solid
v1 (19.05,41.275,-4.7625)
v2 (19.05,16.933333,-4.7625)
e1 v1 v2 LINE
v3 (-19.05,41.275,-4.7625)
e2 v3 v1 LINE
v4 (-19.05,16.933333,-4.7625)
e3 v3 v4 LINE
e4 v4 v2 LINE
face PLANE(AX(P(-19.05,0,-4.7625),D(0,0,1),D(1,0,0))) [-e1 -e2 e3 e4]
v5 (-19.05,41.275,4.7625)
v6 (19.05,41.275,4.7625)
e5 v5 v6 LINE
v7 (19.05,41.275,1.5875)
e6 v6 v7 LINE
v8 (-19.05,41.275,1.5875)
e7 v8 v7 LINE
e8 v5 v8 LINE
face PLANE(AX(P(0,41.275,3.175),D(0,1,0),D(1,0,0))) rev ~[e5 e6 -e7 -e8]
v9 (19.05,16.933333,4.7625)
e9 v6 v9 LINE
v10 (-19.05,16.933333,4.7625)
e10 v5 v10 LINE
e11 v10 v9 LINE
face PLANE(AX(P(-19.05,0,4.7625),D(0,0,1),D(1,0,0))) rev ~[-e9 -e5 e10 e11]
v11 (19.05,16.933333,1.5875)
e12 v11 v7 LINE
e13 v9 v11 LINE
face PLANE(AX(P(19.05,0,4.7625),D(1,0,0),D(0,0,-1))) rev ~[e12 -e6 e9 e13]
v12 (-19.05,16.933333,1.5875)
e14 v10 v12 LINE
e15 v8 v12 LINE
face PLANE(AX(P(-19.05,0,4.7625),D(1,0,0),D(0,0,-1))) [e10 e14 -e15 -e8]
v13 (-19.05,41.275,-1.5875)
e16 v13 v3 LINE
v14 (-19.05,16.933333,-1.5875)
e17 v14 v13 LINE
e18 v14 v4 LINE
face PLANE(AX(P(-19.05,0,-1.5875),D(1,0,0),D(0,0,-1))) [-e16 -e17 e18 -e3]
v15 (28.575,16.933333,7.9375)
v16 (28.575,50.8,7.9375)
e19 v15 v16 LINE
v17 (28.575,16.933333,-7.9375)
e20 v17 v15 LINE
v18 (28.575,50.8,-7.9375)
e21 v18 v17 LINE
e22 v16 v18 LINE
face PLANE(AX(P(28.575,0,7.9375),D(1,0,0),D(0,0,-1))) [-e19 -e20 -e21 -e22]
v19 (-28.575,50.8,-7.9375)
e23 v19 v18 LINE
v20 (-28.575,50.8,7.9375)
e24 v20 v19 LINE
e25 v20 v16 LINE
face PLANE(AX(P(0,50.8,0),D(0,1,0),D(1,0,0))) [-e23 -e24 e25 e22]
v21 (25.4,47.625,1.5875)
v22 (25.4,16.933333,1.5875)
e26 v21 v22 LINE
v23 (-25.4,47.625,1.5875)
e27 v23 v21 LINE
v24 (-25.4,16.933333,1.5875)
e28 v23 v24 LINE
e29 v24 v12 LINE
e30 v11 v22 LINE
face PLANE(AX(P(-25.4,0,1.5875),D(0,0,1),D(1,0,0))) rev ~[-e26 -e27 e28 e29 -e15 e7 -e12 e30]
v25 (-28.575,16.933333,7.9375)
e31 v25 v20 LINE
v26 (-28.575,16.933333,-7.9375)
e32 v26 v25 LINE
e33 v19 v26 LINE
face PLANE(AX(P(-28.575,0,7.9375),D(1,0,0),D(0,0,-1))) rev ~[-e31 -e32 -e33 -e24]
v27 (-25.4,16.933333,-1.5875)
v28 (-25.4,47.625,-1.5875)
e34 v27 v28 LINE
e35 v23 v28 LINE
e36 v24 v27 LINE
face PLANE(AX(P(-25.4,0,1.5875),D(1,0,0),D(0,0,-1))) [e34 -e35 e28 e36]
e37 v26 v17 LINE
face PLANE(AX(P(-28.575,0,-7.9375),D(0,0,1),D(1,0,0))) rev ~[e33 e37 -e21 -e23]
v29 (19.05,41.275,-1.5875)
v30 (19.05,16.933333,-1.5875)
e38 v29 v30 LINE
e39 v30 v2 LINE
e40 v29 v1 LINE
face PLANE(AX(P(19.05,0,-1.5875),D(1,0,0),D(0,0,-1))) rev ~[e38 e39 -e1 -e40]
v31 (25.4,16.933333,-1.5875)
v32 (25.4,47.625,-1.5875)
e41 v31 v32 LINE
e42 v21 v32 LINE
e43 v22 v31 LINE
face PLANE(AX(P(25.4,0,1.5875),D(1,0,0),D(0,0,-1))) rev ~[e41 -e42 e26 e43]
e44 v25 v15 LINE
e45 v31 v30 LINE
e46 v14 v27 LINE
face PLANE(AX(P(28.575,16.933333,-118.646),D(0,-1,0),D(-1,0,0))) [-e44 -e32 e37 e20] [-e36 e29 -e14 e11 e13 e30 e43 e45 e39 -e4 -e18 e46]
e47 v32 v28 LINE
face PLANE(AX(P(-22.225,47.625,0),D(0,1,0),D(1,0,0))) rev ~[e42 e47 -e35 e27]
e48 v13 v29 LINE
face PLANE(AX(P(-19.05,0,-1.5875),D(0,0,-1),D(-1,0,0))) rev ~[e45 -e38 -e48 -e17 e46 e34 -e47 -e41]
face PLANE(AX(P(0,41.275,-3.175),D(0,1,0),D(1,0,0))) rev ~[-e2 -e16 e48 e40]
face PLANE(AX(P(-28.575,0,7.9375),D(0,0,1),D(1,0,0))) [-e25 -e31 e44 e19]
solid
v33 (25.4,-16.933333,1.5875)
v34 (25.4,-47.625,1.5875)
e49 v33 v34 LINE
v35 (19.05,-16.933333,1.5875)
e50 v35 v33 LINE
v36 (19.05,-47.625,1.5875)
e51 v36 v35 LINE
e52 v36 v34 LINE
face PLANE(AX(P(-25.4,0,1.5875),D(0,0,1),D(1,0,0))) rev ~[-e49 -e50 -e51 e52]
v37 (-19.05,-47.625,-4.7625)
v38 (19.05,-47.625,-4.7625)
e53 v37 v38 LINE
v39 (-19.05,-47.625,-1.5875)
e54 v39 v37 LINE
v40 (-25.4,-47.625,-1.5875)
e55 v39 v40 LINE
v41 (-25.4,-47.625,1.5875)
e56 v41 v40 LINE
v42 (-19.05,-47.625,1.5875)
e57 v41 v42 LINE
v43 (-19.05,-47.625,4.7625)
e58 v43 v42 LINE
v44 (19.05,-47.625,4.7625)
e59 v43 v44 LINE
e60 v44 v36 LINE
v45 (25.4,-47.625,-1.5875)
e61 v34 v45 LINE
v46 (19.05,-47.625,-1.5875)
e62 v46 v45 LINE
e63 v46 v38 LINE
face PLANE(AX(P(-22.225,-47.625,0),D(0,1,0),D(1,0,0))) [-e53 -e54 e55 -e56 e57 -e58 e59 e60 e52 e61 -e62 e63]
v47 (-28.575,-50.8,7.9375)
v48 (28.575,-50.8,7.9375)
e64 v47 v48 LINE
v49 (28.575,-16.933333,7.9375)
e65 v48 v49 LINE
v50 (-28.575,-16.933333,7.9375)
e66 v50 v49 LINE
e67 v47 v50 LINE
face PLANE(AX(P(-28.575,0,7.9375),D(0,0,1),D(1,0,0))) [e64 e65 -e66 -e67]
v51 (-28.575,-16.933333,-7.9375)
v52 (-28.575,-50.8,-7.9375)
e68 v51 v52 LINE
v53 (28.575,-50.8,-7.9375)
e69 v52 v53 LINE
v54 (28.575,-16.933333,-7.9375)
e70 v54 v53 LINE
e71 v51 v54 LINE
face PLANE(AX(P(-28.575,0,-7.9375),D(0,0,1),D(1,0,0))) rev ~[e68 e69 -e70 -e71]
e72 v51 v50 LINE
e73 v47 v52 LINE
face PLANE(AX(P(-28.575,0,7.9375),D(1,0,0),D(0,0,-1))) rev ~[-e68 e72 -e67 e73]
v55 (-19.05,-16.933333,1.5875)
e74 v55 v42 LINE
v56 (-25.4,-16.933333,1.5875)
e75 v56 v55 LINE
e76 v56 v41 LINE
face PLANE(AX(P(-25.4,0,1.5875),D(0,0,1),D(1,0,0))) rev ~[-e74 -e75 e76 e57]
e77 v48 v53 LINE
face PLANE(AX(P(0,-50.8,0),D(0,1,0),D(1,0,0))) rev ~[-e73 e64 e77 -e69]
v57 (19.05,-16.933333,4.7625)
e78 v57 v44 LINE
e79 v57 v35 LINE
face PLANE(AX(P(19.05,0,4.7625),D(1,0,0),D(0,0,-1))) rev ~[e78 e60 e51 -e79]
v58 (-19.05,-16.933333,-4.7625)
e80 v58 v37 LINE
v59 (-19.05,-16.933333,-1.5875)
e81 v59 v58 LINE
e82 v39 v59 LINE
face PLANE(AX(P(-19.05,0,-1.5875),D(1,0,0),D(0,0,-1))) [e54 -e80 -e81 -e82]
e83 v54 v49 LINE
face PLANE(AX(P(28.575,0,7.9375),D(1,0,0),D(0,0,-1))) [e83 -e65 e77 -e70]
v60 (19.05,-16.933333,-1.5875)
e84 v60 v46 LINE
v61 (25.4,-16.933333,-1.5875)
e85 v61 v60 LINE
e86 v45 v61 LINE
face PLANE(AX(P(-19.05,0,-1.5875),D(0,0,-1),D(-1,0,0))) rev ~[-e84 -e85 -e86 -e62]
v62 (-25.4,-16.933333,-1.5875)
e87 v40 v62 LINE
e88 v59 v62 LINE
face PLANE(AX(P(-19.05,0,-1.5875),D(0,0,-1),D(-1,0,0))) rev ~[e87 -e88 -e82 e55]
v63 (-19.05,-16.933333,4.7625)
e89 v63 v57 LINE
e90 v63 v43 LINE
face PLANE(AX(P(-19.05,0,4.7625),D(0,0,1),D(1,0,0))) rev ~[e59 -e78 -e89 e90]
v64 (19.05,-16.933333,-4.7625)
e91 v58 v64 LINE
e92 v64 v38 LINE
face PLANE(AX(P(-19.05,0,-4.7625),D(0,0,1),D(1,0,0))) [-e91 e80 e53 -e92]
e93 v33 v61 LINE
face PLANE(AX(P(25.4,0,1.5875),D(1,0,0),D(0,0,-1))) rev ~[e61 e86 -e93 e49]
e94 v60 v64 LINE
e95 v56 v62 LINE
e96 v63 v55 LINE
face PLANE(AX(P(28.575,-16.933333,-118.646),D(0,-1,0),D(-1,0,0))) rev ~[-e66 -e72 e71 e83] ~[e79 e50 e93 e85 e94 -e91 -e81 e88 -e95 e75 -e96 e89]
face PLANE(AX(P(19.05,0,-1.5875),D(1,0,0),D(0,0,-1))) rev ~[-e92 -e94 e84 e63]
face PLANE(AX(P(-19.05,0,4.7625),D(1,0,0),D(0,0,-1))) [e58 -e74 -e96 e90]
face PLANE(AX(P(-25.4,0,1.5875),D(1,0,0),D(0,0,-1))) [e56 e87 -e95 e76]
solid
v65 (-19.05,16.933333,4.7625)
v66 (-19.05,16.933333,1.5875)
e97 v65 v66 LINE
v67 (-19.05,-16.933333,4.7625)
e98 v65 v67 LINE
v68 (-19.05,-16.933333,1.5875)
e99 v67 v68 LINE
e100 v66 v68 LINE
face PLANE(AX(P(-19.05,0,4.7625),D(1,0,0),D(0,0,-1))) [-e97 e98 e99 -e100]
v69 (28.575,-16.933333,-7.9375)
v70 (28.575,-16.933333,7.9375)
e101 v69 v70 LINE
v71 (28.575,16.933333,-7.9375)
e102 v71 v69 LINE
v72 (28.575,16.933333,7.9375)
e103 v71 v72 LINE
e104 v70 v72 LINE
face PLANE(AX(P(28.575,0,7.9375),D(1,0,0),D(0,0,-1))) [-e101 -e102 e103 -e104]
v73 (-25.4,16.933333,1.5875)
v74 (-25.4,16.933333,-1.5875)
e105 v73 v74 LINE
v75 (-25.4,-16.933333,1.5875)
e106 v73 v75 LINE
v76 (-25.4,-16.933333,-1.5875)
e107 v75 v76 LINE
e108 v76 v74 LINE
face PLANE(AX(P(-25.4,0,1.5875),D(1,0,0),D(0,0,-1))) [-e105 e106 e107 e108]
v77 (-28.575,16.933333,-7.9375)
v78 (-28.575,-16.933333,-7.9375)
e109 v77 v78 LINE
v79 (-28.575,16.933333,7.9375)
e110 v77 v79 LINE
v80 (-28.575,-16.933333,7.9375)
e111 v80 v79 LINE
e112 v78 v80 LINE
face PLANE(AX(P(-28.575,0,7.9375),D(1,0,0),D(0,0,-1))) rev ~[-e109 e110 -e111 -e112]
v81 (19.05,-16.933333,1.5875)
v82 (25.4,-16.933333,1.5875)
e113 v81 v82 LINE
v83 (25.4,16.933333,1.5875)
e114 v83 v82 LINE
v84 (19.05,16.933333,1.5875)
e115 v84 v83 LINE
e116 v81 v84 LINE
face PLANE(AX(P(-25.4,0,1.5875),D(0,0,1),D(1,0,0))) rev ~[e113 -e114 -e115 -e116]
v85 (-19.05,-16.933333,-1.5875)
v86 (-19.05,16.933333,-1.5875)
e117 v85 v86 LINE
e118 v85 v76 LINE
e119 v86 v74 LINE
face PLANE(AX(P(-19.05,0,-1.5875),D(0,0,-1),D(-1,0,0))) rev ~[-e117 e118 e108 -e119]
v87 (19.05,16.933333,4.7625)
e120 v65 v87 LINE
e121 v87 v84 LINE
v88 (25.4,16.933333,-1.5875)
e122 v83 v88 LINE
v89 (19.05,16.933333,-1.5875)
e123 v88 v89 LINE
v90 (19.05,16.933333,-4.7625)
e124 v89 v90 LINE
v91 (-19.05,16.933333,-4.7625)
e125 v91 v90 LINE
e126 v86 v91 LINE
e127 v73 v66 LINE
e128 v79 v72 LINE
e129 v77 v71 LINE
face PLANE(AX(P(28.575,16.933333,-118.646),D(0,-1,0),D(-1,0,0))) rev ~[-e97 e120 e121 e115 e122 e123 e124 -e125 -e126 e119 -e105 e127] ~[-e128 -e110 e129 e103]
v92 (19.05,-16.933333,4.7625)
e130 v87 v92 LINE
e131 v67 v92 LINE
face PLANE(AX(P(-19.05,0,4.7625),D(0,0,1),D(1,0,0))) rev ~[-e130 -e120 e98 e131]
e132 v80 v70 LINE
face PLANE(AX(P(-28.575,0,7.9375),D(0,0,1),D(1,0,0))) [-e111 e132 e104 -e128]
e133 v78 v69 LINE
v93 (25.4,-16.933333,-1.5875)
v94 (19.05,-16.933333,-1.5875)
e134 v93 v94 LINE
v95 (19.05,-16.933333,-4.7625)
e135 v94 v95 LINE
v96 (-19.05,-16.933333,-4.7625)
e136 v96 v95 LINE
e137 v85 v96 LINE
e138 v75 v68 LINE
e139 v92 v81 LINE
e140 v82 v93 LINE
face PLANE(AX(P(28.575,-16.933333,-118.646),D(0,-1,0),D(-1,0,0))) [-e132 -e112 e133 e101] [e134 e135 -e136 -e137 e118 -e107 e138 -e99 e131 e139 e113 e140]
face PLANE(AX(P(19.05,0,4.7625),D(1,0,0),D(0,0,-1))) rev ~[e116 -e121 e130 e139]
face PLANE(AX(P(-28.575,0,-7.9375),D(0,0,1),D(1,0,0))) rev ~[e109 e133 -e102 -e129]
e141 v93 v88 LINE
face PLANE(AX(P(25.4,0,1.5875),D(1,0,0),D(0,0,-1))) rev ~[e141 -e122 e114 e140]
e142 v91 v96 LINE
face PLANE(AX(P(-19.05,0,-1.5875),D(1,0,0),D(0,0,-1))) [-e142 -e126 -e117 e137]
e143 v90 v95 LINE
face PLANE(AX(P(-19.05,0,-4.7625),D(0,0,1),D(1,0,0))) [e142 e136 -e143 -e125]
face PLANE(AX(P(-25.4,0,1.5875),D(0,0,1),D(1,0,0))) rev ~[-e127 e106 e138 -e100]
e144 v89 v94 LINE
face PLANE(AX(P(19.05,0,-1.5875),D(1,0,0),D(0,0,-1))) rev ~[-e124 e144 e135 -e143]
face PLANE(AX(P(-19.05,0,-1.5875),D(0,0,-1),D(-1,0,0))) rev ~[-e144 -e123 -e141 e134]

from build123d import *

# Parameters (mm, degrees)
SKETCH1_W                = 57.15
SKETCH1_H                = 15.875
BOSS_EXTRUDE1_DEPTH      = 50.8
SKETCH2_W                = 6.35
SKETCH2_H                = 3.175
SKETCH2_W_2              = 38.1
CUT_EXTRUDE1_DEPTH       = 47.625
SKETCH2_3_W              = 6.35
SKETCH2_3_H              = 3.175
SKETCH2_3_W_2            = 38.1
CUT_EXTRUDE2_DEPTH       = 47.625
SKETCH2_4_W              = 38.1
SKETCH2_4_H              = 3.175
CUT_EXTRUDE3_DEPTH       = 41.275
SPLIT3_SURFACE_1_1_BACK  = 118.646
SPLIT3_SURFACE_1_1_DEPTH = 237.292
SPLIT3_SURFACE_1_2_BACK  = 118.646
SPLIT3_SURFACE_1_2_DEPTH = 237.292
SPLIT3_SURFACE_2_3_BACK  = 118.646
SPLIT3_SURFACE_2_3_DEPTH = 237.292
SPLIT3_SURFACE_2_4_BACK  = 118.646
SPLIT3_SURFACE_2_4_DEPTH = 237.292


with BuildPart() as part:
    # Sketch1 → Boss-Extrude1 (new, symmetric)
    with BuildSketch(Plane(origin=(0, 0, 0), x_dir=(1, 0, 0), z_dir=(0, 1, 0))):
        Rectangle(SKETCH1_W, SKETCH1_H)
    extrude(amount=BOSS_EXTRUDE1_DEPTH, both=True)

    # Sketch2 → Cut-Extrude1 (cut)
    with BuildSketch(Plane(origin=(0, 0, 0), x_dir=(1, 0, 0), z_dir=(0, 1, 0))):
        with Locations((-22.225, 0)):
            Rectangle(SKETCH2_W, SKETCH2_H)
        Rectangle(SKETCH2_W_2, SKETCH2_H)
        with Locations((0, 3.175)):
            Rectangle(SKETCH2_W_2, SKETCH2_H)
        with Locations((0, -3.175)):
            Rectangle(SKETCH2_W_2, SKETCH2_H)
        with Locations((22.225, 0)):
            Rectangle(SKETCH2_W, SKETCH2_H)
    extrude(amount=-CUT_EXTRUDE1_DEPTH, mode=Mode.SUBTRACT)

    # Sketch2<3> → Cut-Extrude2 (cut)
    with BuildSketch(Plane(origin=(0, 0, 0), x_dir=(1, 0, 0), z_dir=(0, 1, 0))):
        with Locations((-22.225, 0)):
            Rectangle(SKETCH2_3_W, SKETCH2_3_H)
        Rectangle(SKETCH2_3_W_2, SKETCH2_3_H)
        with Locations((22.225, 0)):
            Rectangle(SKETCH2_3_W, SKETCH2_3_H)
    extrude(amount=CUT_EXTRUDE2_DEPTH, mode=Mode.SUBTRACT)

    # Sketch2<4> → Cut-Extrude3 (cut)
    with BuildSketch(Plane(origin=(0, 0, 0), x_dir=(1, 0, 0), z_dir=(0, 1, 0))):
        with Locations((0, -3.175)):
            Rectangle(SKETCH2_4_W, SKETCH2_4_H)
        with Locations((0, 3.175)):
            Rectangle(SKETCH2_4_W, SKETCH2_4_H)
    extrude(amount=CUT_EXTRUDE3_DEPTH, mode=Mode.SUBTRACT)


with BuildPart() as body_2:
    # Split3: the piece behind the surface
    add(part.part)
    # Split3 surface 1: a surface, the sketch's curves swept straight by 237.292 mm
    with BuildLine(Plane.XY.offset(-SPLIT3_SURFACE_1_1_BACK), mode=Mode.PRIVATE) as split3_surface_1_1_path:
        Line((28.575, 16.933333333), (-28.575, 16.933333333))
    split3_surface_1_1 = Shell.extrude(split3_surface_1_1_path.wire(), (0 * SPLIT3_SURFACE_1_1_DEPTH, 0 * SPLIT3_SURFACE_1_1_DEPTH, 1 * SPLIT3_SURFACE_1_1_DEPTH))
    split(bisect_by=split3_surface_1_1, keep=Keep.BOTTOM)


with BuildPart() as part_1:
    add(part.part)

    # Split3: split by a surface, the side it looks to stays
    # Split3 surface 1: a surface, the sketch's curves swept straight by 237.292 mm
    with BuildLine(Plane.XY.offset(-SPLIT3_SURFACE_1_2_BACK), mode=Mode.PRIVATE) as split3_surface_1_2_path:
        Line((28.575, 16.933333333), (-28.575, 16.933333333))
    split3_surface_1_2 = Shell.extrude(split3_surface_1_2_path.wire(), (0 * SPLIT3_SURFACE_1_2_DEPTH, 0 * SPLIT3_SURFACE_1_2_DEPTH, 1 * SPLIT3_SURFACE_1_2_DEPTH))
    split(bisect_by=split3_surface_1_2, keep=Keep.TOP)


with BuildPart() as body_3:
    # Split3 2: the piece behind the surface
    add(part_1.part)
    # Split3 surface 2: a surface, the sketch's curves swept straight by 237.292 mm
    with BuildLine(Plane.XY.offset(-SPLIT3_SURFACE_2_3_BACK), mode=Mode.PRIVATE) as split3_surface_2_3_path:
        Line((28.575, -16.933333333), (-28.575, -16.933333333))
    split3_surface_2_3 = Shell.extrude(split3_surface_2_3_path.wire(), (0 * SPLIT3_SURFACE_2_3_DEPTH, 0 * SPLIT3_SURFACE_2_3_DEPTH, 1 * SPLIT3_SURFACE_2_3_DEPTH))
    split(bisect_by=split3_surface_2_3, keep=Keep.BOTTOM)


with BuildPart() as part_2:
    add(part_1.part)

    # Split3 2: split by a surface, the side it looks to stays
    # Split3 surface 2: a surface, the sketch's curves swept straight by 237.292 mm
    with BuildLine(Plane.XY.offset(-SPLIT3_SURFACE_2_4_BACK), mode=Mode.PRIVATE) as split3_surface_2_4_path:
        Line((28.575, -16.933333333), (-28.575, -16.933333333))
    split3_surface_2_4 = Shell.extrude(split3_surface_2_4_path.wire(), (0 * SPLIT3_SURFACE_2_4_DEPTH, 0 * SPLIT3_SURFACE_2_4_DEPTH, 1 * SPLIT3_SURFACE_2_4_DEPTH))
    split(bisect_by=split3_surface_2_4, keep=Keep.TOP)


solid = Compound([body_2.part, body_3.part, part_2.part])
